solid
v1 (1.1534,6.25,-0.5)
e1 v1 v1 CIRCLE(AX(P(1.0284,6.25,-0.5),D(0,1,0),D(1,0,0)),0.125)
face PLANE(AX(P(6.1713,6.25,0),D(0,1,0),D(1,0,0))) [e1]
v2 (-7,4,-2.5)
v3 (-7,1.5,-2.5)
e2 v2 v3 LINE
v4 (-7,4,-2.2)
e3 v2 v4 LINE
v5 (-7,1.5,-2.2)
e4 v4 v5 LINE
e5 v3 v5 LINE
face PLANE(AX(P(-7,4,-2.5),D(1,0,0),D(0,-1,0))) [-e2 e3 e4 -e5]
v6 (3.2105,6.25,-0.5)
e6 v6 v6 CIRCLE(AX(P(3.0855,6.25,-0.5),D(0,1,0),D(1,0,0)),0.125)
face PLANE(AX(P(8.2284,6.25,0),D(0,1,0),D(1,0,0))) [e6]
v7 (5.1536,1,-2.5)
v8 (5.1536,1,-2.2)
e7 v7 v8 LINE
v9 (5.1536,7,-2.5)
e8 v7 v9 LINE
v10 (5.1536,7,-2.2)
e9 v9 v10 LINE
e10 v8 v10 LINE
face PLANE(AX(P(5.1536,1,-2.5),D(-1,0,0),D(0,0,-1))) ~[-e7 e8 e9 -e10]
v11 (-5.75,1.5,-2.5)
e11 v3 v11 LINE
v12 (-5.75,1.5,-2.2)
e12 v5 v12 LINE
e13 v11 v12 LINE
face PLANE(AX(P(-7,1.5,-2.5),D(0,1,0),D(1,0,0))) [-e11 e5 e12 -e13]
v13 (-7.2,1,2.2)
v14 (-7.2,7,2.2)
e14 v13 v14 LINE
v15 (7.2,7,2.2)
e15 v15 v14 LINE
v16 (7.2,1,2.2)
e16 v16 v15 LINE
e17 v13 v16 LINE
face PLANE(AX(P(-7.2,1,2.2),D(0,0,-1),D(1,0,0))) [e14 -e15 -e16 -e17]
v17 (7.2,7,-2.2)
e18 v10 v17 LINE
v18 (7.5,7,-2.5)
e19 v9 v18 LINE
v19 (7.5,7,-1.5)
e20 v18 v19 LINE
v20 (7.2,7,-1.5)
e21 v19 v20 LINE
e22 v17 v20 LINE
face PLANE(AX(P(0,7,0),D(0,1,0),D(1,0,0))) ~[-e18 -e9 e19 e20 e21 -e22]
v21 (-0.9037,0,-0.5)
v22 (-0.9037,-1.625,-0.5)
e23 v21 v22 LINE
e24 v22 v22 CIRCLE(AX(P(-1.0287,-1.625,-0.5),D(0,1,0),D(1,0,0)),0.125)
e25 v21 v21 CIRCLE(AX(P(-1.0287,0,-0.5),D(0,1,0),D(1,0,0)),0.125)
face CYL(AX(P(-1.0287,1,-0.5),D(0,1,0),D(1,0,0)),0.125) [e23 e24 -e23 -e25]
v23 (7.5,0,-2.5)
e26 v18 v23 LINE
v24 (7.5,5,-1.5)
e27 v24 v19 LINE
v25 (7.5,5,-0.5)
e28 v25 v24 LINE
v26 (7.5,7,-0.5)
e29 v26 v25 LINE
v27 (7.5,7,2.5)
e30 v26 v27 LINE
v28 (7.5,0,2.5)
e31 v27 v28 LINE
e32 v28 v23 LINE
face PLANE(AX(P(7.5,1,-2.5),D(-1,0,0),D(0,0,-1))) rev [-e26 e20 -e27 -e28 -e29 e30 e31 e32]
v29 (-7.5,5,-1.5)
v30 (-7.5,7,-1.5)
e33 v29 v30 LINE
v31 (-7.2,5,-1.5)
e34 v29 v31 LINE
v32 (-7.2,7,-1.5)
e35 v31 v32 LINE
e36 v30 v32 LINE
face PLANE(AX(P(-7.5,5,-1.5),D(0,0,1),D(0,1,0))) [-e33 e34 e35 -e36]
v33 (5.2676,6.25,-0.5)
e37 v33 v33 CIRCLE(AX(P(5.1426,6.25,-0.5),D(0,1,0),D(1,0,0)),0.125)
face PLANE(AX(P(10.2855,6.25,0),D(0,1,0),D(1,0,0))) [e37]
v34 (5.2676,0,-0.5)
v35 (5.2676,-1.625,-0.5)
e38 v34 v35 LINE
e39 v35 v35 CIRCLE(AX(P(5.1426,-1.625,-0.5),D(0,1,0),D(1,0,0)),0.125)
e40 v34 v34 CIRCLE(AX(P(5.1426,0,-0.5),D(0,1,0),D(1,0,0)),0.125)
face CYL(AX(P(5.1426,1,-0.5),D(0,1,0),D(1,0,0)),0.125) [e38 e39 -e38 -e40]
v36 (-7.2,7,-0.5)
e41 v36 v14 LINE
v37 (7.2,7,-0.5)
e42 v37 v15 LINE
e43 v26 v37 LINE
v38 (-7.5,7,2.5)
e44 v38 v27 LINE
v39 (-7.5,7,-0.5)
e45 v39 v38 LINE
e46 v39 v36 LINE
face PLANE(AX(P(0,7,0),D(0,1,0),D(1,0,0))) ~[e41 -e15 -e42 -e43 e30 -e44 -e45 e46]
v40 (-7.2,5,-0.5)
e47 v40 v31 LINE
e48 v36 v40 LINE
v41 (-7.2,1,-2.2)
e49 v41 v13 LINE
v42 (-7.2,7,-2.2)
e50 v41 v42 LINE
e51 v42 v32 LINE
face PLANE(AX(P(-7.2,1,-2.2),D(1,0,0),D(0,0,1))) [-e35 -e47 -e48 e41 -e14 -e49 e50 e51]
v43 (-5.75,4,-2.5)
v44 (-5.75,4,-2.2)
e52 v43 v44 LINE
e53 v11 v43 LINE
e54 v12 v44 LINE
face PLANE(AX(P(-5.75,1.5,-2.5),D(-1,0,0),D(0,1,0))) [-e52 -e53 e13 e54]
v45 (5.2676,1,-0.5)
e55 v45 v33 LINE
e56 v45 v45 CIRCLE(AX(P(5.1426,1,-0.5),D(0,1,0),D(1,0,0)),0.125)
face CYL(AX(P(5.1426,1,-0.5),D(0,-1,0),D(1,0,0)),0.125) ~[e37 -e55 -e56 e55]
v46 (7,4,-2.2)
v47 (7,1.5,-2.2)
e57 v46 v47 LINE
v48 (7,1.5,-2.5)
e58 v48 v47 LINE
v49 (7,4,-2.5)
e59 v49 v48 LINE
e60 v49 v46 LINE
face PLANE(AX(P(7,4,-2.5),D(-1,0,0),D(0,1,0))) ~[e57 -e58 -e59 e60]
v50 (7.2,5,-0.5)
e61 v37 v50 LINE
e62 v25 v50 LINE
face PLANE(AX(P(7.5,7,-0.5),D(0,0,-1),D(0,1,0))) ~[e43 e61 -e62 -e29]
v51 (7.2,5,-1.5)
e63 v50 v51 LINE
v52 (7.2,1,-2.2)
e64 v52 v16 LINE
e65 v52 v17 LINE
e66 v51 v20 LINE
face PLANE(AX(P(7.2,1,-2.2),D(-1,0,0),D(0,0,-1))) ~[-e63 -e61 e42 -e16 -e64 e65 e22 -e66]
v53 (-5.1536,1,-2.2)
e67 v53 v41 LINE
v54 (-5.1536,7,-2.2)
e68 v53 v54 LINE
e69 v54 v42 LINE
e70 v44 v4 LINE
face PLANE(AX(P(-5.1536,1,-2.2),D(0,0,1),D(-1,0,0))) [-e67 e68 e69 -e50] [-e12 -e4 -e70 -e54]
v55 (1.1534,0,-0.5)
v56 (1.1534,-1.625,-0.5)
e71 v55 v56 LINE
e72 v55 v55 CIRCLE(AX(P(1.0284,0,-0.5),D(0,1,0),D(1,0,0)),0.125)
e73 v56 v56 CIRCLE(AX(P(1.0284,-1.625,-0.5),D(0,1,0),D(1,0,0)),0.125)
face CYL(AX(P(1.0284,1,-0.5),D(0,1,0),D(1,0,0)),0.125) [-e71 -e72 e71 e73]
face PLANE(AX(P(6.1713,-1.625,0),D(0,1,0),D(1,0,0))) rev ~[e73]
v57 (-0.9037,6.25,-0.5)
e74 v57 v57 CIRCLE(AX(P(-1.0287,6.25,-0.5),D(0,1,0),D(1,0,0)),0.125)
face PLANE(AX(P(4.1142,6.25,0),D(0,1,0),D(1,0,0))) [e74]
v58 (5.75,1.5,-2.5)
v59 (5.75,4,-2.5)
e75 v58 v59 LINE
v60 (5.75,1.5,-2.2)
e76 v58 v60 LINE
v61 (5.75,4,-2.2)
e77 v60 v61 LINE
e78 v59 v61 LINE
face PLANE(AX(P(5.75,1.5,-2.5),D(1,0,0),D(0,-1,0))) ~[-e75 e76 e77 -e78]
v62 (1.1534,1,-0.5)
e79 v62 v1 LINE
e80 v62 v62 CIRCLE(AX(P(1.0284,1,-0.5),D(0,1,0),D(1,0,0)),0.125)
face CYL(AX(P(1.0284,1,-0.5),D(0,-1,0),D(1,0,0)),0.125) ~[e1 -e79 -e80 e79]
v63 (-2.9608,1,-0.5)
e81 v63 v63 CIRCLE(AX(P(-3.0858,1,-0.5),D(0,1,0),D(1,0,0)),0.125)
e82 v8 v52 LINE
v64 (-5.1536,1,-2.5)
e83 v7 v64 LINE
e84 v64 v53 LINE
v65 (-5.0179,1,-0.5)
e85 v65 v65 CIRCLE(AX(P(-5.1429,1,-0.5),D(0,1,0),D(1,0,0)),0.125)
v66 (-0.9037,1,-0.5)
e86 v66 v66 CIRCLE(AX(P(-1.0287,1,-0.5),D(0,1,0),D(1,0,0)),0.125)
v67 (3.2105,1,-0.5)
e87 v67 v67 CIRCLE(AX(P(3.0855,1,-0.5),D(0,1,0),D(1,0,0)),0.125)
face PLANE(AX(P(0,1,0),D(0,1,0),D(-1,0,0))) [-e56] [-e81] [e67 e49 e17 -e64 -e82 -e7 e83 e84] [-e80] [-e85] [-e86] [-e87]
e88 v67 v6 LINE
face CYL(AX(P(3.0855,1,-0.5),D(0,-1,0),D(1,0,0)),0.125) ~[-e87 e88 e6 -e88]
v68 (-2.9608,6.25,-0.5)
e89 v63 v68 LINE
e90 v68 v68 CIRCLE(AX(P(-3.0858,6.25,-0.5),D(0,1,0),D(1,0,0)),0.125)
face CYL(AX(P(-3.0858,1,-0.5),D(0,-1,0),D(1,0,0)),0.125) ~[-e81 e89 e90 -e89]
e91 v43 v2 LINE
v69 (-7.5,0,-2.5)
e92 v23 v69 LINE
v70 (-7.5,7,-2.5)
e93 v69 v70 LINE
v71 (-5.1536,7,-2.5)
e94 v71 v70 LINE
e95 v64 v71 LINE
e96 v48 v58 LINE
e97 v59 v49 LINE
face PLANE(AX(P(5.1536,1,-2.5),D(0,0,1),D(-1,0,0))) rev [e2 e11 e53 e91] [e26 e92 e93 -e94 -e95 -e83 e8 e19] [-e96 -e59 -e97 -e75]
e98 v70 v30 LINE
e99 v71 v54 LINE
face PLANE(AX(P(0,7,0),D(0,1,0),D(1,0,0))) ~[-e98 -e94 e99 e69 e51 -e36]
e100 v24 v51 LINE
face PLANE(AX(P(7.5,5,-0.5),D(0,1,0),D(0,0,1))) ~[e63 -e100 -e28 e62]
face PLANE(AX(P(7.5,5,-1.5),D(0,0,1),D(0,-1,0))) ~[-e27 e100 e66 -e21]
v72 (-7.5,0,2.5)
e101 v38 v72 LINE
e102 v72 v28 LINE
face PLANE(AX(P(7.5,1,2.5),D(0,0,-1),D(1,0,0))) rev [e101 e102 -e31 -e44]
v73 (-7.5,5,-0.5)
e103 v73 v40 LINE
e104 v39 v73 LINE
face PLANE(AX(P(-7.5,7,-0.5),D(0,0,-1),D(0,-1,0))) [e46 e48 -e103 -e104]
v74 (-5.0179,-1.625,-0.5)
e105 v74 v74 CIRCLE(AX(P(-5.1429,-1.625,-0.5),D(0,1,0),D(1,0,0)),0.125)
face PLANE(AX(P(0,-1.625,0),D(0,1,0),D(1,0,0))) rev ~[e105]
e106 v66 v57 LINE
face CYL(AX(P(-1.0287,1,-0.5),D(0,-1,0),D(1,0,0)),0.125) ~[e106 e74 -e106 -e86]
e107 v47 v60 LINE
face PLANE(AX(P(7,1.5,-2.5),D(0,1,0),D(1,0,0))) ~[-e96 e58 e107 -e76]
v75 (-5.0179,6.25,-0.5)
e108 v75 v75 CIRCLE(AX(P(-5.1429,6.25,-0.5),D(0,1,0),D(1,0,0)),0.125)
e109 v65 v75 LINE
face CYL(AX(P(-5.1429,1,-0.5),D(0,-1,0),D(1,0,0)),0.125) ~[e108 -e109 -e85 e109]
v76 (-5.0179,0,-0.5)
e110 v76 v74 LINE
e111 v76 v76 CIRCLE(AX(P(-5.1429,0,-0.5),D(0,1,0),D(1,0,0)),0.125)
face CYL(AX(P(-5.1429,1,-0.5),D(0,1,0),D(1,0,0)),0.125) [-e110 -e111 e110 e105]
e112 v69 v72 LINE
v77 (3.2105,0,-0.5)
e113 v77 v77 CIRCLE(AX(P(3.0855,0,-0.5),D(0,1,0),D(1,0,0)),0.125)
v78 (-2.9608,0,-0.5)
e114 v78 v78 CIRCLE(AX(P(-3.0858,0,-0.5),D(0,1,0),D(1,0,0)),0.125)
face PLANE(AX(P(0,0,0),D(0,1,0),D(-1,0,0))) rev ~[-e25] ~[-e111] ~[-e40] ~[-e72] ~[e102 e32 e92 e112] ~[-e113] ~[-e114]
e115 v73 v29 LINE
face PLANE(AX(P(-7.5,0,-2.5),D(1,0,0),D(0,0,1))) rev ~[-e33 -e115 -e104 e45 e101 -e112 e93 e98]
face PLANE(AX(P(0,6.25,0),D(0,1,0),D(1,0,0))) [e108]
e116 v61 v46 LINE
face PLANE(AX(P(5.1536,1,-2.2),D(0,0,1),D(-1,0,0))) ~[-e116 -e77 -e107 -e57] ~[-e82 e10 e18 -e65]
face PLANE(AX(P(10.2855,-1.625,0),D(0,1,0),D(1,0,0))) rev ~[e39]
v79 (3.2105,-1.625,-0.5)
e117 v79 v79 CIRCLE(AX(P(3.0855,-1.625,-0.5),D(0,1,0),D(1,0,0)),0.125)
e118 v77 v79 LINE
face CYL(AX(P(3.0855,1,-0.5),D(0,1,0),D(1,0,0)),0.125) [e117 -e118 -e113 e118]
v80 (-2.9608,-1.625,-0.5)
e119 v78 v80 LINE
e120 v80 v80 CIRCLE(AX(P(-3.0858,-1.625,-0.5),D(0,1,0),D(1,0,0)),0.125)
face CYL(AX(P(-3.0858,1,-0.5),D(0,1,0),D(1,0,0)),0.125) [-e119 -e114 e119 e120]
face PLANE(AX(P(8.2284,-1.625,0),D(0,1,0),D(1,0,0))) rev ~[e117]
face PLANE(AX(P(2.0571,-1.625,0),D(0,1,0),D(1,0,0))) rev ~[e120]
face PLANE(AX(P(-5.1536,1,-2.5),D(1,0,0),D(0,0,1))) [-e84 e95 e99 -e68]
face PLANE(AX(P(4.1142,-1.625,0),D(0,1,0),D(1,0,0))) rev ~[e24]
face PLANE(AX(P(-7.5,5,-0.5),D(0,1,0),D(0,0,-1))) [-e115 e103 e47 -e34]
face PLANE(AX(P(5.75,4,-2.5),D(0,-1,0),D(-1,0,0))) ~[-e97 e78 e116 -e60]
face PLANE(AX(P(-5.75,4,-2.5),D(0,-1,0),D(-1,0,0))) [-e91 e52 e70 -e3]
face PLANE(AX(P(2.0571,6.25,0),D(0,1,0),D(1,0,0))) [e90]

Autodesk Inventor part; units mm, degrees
ref_plane "YZ Plane" through (0, 0, 0) normal (1, 0, 0) x (0, 1, 0)
ref_plane "XZ Plane" through (0, 0, 0) normal (0, 1, 0) x (-1, 0, 0)
ref_plane "XY Plane" through (0, 0, 0) normal (0, 0, 1) x (1, 0, 0)
sketch "Sketch1" plane through (0, 0, 0) normal (0, 1, 0) x (-1, 0, 0)
  line L0 (-7.5, -2.5) -> (7.5, -2.5)
  line L1 (7.5, -2.5) -> (7.5, 2.5)
  line L2 (7.5, 2.5) -> (-7.5, 2.5)
  line L3 (-7.5, 2.5) -> (-7.5, -2.5)
  line L4 (-7.5, -2.5) -> (7.5, 2.5) construction
  line L5 (7.5, -2.5) -> (-7.5, 2.5) construction
  point P0 (0, 0)
  dimension "d0" = 15
  dimension "d1" = 5
extrude "Extrusion1" add sketch "Sketch1" along normal blind 1
sketch "Sketch2" plane through (0, 1, 0) normal (0, 1, 0) x (1, 0, 0)
  line L0 (7.5, 2.5) -> (-7.5, 2.5) projected
  line L1 (-7.5, 2.5) -> (-7.5, -2.5) projected
  line L2 (-7.5, -2.5) -> (7.5, -2.5) projected
  line L3 (7.5, -2.5) -> (7.5, 2.5) projected
  line L4 (-5.1536, 2.5) -> (-5.1536, 2.2)
  line L5 (-5.1536, 2.2) -> (-7.2, 2.2)
  line L6 (-7.2, 2.2) -> (-7.2, -2.2)
  line L7 (-7.2, -2.2) -> (0, -2.2)
  line L8 (0, -2.2) -> (0, -2.5)
  line L9 (7.5, 2.5) -> (-7.5, 2.5) projected
  line L10 (-5.1536, 2.5) -> (-7.5, 2.5)
  line L11 (-7.5, 2.5) -> (-7.5, -2.5)
  point P0 (0, 0)
  dimension "d4" = 0.3
  dimension "d5" = 0.3
  dimension "d6" = 0.3
extrude "Extrusion2" add sketch "Sketch2" along normal blind 6 contours L4 L5 L6 L7 L8 L2 L1 L0
mirror "Mirror1" about plane through (0, 0, 0) normal (1, 0, 0) of "Extrusion2"
sketch "Sketch3" plane through (7.5, 0, -2.5) normal (0, 0, -1) x (-1, 0, 0)
  line L0 (0, 0) -> (15, 0) projected
  line L1 (15, 0) -> (15, 7) projected
  line L2 (12.6536, 7) -> (15, 7) projected
  line L3 (12.6536, 1) -> (12.6536, 7) projected
  line L4 (2.3464, 1) -> (12.6536, 1) projected
  line L5 (2.3464, 1) -> (2.3464, 7) projected
  line L6 (2.3464, 7) -> (0, 7) projected
  line L7 (0, 0) -> (0, 7) projected
  line L8 (14.5, 1.5) -> (13.25, 1.5)
  line L9 (13.25, 1.5) -> (13.25, 4)
  line L10 (13.25, 4) -> (14.5, 4)
  line L11 (14.5, 4) -> (14.5, 1.5)
  line L12 (14.5, 1.5) -> (13.25, 4) construction
  line L13 (13.25, 1.5) -> (14.5, 4) construction
  point P0 (7.5, 0)
  point P1 (13.875, 2.75)
  dimension "d9" = 1.25
  dimension "d10" = 2.5
  dimension "d11" = 0.5
  dimension "d12" = 0.5
extrude "Extrusion3" cut sketch "Sketch3" against normal up to surface (0.3 mm away) contours L8 L9 L10 L11
mirror "Mirror2" about plane through (0, 0, 0) normal (1, 0, 0) of "Extrusion3"
sketch "Sketch4" plane through (0, 1, 0) normal (0, 1, 0) x (1, 0, 0)
  line L0 (0, 0) -> (-21.8742, 0)
  circle A0 centre (-5.1429, 0.5) radius 0.125
  line L1 (7.2, -2.2) -> (7.2, 2.2) projected
  line L2 (-7.2, -2.2) -> (-7.2, 2.2) projected
  dimension "d15" = 0.25
  dimension "d16" = 0.5
  dimension "d17" = 14.4
  dimension "d18" = 2.0571
extrude "Extrusion4" add sketch "Sketch4" along normal blind 5.25 and the other way blind 2.625
pattern_linear "Rectangular Pattern1" count 6 spacing 2.0571 along (1, 0, 0) of "Extrusion4"
sketch "Sketch5" plane through (-7.5, 0, -2.5) normal (-1, 0, 0) x (0, 0, 1)
  line L0 (0, 0) -> (5, 0) projected
  line L1 (5, 0) -> (5, 7) projected
  line L2 (0, 7) -> (5, 7) projected
  line L3 (0, 0) -> (0, 7) projected
  line L4 (1, 7) -> (2, 7)
  line L5 (2, 7) -> (2, 5)
  line L6 (2, 5) -> (1, 5)
  line L7 (1, 5) -> (1, 7)
  point P0 (2.5, 0)
  dimension "d26" = 1
  dimension "d27" = 2
  dimension "d28" = 1
extrude "Extrusion5" cut sketch "Sketch5" against normal up to surface (0.3 mm away) contours L2 L5 L6 L7
mirror "Mirror3" about plane through (0, 0, 0) normal (1, 0, 0) of "Extrusion5"
equation "\"d5\" = d4"
equation "\"d6\" = d5"
equation "\"d12\" = d11"
equation "\"d18\" = 0.142857 * d17"
equation "\"d23\" = 0.142857 * d17"
equation "\"d28\" = d26"
